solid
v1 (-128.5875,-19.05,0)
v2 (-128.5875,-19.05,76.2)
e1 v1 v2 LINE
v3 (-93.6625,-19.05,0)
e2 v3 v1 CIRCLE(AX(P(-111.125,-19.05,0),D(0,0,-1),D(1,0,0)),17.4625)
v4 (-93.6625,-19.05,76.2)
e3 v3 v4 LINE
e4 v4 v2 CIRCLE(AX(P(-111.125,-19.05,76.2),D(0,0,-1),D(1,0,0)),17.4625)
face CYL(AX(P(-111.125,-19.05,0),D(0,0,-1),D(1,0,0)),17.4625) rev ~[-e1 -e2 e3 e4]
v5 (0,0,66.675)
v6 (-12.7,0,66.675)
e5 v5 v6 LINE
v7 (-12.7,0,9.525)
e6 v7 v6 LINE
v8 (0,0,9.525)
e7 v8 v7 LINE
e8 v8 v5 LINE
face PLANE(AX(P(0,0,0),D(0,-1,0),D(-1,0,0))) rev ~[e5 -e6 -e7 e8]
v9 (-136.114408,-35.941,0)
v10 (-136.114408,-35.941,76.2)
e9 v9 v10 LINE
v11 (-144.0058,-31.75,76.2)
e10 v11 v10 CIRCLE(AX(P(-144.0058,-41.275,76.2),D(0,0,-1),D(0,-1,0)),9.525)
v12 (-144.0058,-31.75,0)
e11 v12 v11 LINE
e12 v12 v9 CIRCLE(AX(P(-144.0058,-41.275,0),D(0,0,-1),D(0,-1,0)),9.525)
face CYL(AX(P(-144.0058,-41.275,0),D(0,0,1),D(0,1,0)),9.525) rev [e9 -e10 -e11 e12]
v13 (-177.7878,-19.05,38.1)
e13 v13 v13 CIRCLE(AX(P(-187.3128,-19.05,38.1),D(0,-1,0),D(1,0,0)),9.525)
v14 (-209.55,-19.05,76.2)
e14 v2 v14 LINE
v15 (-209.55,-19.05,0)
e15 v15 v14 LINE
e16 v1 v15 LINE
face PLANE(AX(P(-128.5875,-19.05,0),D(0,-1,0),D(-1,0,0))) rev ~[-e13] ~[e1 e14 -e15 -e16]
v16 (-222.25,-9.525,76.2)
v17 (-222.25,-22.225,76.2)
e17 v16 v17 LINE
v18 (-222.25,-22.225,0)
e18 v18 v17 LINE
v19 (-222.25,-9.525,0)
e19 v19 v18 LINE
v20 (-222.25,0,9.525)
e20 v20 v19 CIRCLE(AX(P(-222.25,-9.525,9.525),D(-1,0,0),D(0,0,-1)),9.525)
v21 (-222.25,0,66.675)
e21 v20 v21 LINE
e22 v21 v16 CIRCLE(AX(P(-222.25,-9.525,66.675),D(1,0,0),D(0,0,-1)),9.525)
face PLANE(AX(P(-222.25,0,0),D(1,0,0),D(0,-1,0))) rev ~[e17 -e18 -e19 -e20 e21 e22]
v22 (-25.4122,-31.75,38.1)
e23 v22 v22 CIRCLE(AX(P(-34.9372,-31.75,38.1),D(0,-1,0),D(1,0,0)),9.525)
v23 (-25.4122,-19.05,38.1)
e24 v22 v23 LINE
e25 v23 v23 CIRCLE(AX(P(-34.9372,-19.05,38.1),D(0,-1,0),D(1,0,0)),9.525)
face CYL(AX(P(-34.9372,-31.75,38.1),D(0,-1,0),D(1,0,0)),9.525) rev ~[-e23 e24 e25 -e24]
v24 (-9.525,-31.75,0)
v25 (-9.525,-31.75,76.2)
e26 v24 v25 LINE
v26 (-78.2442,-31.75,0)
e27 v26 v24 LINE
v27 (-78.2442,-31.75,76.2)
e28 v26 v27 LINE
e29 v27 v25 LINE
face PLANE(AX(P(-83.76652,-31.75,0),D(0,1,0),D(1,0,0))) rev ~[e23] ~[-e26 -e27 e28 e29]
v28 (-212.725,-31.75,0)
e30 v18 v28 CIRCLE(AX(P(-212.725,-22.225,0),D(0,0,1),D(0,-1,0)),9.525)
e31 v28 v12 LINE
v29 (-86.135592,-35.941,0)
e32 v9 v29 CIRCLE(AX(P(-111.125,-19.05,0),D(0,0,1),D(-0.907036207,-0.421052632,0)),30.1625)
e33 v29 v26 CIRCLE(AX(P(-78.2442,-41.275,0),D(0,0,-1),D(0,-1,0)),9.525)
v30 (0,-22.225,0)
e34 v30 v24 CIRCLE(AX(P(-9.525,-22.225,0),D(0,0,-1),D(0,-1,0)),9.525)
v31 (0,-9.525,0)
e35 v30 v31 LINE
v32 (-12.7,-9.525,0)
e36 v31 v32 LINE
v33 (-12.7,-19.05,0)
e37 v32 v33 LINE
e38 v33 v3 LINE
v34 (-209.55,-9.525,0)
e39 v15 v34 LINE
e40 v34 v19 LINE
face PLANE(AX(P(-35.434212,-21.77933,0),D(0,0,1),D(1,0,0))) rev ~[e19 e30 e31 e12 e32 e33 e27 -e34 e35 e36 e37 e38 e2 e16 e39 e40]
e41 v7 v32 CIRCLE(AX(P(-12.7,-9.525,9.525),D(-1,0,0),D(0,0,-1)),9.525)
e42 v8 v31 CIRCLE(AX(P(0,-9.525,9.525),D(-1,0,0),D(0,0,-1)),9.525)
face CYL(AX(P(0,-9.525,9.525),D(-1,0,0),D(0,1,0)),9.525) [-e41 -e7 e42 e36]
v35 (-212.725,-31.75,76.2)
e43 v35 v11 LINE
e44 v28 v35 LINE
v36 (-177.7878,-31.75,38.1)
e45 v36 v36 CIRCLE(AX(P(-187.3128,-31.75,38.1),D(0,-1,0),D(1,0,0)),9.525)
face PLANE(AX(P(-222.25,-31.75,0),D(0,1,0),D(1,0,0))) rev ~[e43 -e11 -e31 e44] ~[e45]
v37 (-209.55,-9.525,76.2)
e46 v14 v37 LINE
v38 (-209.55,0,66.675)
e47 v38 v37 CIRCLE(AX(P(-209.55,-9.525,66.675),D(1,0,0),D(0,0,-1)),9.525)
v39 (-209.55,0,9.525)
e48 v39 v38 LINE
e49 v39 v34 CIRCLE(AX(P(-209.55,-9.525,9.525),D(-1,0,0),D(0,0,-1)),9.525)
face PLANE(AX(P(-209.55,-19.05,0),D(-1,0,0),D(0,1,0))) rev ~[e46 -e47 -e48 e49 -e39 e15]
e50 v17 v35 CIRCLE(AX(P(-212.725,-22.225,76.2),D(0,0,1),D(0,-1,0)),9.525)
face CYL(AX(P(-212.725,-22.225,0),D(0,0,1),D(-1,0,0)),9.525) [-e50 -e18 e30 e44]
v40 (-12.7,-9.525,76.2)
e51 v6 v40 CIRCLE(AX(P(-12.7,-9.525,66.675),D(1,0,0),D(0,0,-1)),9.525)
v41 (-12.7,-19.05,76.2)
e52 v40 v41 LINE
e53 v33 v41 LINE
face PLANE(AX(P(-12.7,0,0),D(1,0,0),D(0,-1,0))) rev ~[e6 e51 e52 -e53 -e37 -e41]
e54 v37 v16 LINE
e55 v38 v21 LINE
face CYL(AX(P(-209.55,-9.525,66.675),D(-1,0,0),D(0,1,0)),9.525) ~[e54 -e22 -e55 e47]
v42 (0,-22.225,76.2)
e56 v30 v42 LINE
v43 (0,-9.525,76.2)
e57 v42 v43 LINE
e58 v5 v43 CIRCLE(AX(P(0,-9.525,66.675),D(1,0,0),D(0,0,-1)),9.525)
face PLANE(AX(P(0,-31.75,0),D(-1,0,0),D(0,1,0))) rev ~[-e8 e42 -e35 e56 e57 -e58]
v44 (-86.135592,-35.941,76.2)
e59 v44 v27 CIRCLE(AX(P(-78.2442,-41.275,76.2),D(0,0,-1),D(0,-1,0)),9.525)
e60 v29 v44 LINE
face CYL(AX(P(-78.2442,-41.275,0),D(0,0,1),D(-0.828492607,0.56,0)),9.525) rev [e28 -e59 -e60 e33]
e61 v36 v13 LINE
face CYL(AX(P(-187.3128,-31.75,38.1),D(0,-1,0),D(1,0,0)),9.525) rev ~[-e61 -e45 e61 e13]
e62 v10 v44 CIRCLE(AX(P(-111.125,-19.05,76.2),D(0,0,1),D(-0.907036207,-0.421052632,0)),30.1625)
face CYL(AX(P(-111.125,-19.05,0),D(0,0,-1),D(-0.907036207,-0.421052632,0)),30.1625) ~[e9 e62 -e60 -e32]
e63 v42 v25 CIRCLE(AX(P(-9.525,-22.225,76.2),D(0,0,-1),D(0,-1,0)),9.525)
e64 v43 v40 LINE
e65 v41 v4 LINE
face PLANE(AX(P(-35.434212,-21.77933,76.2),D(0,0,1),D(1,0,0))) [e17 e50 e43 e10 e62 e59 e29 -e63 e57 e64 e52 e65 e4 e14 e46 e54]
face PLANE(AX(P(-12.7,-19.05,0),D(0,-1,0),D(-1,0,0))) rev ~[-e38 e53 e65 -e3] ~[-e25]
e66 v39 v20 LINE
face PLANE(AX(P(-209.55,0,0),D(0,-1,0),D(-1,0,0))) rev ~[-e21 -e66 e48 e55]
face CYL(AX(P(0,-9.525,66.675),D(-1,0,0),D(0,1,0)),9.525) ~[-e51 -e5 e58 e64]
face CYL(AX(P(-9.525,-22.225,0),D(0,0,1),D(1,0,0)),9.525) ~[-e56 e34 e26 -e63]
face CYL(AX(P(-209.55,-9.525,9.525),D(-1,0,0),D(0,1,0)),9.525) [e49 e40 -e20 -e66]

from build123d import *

# Parameters (mm, degrees)
F1_DEPTH = 76.2
F2_R     = 9.525
F5_DEPTH = 25.4


with BuildPart() as f1:
    # F0 (on Top) → F1 (new body)
    with BuildSketch(Plane.XY):
        with BuildLine():
            Line((0, -31.75), (0, 0))
            Line((0, 0), (-12.7, 0))
            Line((-12.7, 0), (-12.7, -19.05))
            Line((-12.7, -19.05), (-80.9625, -19.05))
            ThreePointArc((-80.9625, -19.05), (-81.671846117, -25.552932615), (-83.7665203959, -31.75))
            Line((-83.7665203959, -31.75), (0, -31.75))
        make_face()
        with BuildLine():
            Line((-222.25, -31.75), (-138.4834796041, -31.75))
            ThreePointArc((-138.4834796041, -31.75), (-140.578153883, -25.552932615), (-141.2875, -19.05))
            Line((-141.2875, -19.05), (-209.55, -19.05))
            Line((-209.55, -19.05), (-209.55, 0))
            Line((-209.55, 0), (-222.25, 0))
            Line((-222.25, 0), (-222.25, -31.75))
        make_face()
        with BuildLine():
            ThreePointArc((-138.4834796041, -31.75), (-111.125, -49.2125), (-83.7665203959, -31.75))
            Line((-83.7665203959, -31.75), (-99.139637834, -31.75))
            ThreePointArc((-99.139637834, -31.75), (-111.125, -36.5125), (-123.110362166, -31.75))
            Line((-123.110362166, -31.75), (-138.4834796041, -31.75))
        make_face()
        with BuildLine():
            ThreePointArc((-141.2875, -19.05), (-140.578153883, -25.552932615), (-138.4834796041, -31.75))
            Line((-138.4834796041, -31.75), (-123.110362166, -31.75))
            ThreePointArc((-123.110362166, -31.75), (-127.1598572347, -25.9653640333), (-128.5875, -19.05))
            Line((-128.5875, -19.05), (-141.2875, -19.05))
        make_face()
        with BuildLine():
            Line((-99.139637834, -31.75), (-83.7665203959, -31.75))
            ThreePointArc((-83.7665203959, -31.75), (-81.671846117, -25.552932615), (-80.9625, -19.05))
            Line((-80.9625, -19.05), (-93.6625, -19.05))
            ThreePointArc((-93.6625, -19.05), (-95.0901427653, -25.9653640333), (-99.139637834, -31.75))
        make_face()
    extrude(amount=F1_DEPTH)

    # F2
    f2_edges = [f1.edges().sort_by_distance(p)[0] for p in [
        (-6.35, 0, 0),
        (-6.35, 0, 76.2),
        (-215.9, 0, 76.2),
        (-215.9, 0, 0),
        (0, -31.75, 38.1),
        (-222.25, -31.75, 38.1),
        (-83.76652, -31.75, 38.1),
        (-138.48348, -31.75, 38.1),
    ]]
    fillet(f2_edges, radius=F2_R)

    # F4 (on face) + F3 (on face) → F5 (cut)
    with BuildSketch(Plane.XZ.offset(31.75)):
        with BuildLine():
            ThreePointArc((-25.4121996562, 38.1), (-28.2020075654, 44.8351920908), (-34.9371996562, 47.625))
            Line((-34.9371996562, 47.625), (-34.9371996562, 38.1))
            Line((-34.9371996562, 38.1), (-34.9371996562, 28.575))
            ThreePointArc((-34.9371996562, 28.575), (-28.2020075654, 31.3648079092), (-25.4121996562, 38.1))
        make_face()
        with BuildLine():
            Line((-34.9371996562, 38.1), (-34.9371996562, 47.625))
            ThreePointArc((-34.9371996562, 47.625), (-44.4621996562, 38.1), (-34.9371996562, 28.575))
            Line((-34.9371996562, 28.575), (-34.9371996562, 38.1))
        make_face()
    with BuildSketch(Plane.XZ.offset(31.75)):
        with BuildLine():
            ThreePointArc((-177.7878003438, 38.1), (-180.577608253, 44.8351920908), (-187.3128003438, 47.625))
            Line((-187.3128003438, 47.625), (-187.3128003438, 38.1))
            Line((-187.3128003438, 38.1), (-187.3128003438, 28.575))
            ThreePointArc((-187.3128003438, 28.575), (-180.577608253, 31.3648079092), (-177.7878003438, 38.1))
        make_face()
        with BuildLine():
            Line((-187.3128003438, 38.1), (-187.3128003438, 47.625))
            ThreePointArc((-187.3128003438, 47.625), (-196.8378003438, 38.1), (-187.3128003438, 28.575))
            Line((-187.3128003438, 28.575), (-187.3128003438, 38.1))
        make_face()
    extrude(amount=-F5_DEPTH, mode=Mode.SUBTRACT)


solid = f1.part
